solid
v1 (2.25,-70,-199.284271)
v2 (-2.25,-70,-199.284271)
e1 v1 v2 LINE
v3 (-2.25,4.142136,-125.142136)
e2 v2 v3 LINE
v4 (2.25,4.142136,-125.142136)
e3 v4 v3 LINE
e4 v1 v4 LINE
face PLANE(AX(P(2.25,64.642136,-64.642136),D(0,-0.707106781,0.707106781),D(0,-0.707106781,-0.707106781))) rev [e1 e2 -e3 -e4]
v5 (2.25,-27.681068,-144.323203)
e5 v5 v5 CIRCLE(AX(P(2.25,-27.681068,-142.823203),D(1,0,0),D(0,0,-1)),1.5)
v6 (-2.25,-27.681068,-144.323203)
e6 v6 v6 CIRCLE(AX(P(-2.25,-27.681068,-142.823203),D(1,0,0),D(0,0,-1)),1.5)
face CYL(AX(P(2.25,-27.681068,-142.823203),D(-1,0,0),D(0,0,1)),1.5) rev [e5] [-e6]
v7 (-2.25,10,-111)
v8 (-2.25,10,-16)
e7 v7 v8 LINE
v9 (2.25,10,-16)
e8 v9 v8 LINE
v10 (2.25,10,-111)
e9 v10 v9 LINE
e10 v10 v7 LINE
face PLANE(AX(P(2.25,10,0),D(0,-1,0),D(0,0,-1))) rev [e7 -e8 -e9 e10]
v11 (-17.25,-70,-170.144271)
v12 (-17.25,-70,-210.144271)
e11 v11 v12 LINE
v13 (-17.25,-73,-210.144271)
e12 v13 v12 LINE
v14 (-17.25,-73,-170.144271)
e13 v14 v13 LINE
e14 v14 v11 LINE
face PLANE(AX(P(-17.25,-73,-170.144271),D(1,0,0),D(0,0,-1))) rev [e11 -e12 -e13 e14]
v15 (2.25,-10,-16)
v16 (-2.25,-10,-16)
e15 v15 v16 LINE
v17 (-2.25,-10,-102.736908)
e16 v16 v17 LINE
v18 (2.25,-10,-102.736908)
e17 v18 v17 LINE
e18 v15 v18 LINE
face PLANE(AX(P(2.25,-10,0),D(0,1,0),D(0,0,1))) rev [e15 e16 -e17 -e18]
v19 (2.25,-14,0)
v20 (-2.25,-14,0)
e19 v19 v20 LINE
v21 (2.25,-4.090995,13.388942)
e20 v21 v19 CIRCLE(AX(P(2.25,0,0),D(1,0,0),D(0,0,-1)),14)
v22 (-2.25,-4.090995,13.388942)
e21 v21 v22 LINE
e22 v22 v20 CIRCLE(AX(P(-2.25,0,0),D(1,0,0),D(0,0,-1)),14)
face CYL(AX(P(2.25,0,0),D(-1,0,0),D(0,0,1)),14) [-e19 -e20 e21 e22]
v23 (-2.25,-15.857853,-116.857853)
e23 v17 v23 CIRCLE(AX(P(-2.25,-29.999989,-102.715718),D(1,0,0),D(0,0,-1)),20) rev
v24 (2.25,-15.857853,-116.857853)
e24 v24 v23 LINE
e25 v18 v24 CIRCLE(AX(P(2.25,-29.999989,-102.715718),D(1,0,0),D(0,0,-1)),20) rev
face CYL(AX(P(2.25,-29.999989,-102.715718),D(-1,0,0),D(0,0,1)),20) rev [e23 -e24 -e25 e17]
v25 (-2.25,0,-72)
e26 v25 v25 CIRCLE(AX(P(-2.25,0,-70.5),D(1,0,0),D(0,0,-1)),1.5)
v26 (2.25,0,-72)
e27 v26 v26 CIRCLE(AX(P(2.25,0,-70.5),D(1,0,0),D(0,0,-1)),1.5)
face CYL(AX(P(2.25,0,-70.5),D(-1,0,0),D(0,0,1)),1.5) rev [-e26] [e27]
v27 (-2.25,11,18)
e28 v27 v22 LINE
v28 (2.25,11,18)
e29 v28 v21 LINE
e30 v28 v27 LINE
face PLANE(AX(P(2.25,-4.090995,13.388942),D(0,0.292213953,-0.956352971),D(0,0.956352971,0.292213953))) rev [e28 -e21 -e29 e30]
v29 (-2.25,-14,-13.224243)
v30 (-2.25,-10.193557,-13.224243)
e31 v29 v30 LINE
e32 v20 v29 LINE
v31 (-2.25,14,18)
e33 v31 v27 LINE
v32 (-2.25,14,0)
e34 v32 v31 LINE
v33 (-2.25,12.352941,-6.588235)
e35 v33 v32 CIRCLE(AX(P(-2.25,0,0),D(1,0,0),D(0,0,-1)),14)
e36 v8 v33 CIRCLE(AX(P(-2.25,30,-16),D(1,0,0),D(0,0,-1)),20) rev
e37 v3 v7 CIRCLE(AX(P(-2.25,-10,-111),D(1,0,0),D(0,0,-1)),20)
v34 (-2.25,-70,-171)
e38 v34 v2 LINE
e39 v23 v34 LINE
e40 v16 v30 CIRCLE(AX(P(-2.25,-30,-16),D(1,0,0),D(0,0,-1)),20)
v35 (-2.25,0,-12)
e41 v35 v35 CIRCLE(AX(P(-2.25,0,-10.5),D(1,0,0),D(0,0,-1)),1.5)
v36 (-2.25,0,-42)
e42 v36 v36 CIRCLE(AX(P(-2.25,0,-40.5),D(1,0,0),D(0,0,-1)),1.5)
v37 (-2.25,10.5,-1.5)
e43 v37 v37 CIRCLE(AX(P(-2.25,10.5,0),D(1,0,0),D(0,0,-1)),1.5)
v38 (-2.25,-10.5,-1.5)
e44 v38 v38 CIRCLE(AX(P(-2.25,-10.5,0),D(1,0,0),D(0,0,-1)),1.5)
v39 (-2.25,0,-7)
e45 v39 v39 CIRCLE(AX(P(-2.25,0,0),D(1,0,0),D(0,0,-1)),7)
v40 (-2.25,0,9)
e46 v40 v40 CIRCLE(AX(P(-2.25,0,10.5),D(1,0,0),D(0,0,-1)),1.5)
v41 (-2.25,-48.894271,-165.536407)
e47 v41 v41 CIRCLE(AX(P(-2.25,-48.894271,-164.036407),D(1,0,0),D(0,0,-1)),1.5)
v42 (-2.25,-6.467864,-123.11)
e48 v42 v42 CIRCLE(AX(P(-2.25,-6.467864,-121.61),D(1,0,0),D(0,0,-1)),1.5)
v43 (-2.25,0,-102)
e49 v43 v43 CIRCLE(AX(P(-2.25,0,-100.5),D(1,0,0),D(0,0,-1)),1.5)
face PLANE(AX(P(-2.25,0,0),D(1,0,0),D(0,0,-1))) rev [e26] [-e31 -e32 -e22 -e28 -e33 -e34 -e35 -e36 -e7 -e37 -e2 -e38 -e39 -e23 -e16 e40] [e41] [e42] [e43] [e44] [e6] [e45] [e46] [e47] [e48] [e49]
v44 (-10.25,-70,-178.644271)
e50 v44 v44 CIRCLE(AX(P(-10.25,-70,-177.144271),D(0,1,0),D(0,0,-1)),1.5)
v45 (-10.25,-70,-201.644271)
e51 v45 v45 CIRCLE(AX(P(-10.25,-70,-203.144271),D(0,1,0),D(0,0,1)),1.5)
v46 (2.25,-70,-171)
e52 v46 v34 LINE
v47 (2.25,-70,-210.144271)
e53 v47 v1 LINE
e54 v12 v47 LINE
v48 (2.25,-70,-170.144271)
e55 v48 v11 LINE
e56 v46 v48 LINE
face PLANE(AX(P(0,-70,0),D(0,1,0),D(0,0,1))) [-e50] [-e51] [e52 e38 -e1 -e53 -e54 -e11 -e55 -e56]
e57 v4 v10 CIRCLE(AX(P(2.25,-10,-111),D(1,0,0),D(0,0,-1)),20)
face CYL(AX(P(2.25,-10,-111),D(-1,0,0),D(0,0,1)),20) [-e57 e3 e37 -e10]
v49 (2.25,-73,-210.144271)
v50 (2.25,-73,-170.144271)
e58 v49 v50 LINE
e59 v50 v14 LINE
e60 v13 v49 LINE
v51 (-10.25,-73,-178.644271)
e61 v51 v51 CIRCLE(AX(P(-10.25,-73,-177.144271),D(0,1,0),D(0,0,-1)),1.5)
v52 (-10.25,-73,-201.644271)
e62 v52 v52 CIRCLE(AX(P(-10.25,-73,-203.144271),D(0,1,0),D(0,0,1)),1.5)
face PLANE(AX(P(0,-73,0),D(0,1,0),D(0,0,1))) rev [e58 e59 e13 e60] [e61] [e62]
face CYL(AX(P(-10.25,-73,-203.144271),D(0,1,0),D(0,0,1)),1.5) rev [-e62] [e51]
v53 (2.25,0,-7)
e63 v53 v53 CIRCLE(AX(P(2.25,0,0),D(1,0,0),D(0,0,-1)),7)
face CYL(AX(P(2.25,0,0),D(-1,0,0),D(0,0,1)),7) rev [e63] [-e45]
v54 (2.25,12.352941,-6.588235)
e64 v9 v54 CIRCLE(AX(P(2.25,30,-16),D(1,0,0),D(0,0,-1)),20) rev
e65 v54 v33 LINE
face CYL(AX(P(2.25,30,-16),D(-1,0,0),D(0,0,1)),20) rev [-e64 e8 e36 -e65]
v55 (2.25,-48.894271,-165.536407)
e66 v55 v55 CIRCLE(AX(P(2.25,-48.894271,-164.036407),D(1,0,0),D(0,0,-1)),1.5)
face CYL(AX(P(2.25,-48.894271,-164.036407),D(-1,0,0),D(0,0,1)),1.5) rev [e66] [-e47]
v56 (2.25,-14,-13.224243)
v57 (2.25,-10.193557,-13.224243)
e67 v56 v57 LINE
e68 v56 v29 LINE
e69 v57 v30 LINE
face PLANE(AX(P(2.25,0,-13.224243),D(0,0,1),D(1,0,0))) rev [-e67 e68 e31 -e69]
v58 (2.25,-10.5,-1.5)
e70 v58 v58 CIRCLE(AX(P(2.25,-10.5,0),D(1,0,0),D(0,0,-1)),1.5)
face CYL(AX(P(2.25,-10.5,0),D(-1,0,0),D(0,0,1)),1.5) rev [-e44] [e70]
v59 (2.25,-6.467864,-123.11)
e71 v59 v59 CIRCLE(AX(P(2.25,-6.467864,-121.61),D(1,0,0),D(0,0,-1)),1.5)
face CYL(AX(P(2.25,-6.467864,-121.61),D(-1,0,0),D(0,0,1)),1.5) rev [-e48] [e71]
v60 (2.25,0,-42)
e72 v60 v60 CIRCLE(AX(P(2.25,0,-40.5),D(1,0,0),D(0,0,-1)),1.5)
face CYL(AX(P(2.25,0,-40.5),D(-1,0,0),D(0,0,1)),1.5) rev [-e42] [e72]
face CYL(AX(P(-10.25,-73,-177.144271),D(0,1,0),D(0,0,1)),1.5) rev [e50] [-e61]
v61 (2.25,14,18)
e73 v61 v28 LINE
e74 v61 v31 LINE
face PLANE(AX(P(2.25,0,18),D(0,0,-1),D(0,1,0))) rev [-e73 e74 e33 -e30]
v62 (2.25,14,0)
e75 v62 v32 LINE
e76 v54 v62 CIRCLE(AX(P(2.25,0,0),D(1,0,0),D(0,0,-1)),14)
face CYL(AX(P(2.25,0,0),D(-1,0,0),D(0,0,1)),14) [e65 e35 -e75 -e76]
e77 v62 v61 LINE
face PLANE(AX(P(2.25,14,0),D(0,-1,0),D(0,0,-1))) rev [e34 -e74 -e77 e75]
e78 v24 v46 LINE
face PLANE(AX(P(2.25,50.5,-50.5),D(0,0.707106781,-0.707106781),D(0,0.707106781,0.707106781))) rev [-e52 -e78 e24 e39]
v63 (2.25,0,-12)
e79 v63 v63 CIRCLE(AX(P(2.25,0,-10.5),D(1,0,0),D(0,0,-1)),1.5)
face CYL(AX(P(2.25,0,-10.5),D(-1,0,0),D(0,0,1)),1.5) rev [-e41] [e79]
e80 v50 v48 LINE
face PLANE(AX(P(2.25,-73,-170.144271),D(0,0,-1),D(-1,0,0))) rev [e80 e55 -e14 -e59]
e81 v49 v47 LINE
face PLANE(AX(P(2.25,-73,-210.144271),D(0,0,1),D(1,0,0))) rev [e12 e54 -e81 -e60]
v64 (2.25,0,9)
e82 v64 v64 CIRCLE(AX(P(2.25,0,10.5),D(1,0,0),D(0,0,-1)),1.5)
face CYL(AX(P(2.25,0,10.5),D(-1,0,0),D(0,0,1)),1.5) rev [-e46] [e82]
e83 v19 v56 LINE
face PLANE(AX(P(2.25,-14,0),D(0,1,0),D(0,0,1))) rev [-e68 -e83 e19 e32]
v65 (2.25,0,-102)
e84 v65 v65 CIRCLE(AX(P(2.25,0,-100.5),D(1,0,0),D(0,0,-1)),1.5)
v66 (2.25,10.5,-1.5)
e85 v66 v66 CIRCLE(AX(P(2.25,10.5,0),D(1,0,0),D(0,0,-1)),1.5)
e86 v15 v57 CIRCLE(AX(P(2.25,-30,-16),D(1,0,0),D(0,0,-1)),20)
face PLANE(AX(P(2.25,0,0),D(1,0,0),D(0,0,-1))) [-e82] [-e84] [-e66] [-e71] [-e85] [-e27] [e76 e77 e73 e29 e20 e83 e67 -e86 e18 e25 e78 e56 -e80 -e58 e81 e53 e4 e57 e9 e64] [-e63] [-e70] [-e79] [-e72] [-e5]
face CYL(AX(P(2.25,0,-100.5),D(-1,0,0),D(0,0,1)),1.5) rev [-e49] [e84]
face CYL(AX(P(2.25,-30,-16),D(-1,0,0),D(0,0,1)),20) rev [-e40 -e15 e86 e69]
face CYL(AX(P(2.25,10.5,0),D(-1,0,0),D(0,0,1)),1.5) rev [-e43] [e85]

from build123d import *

# Parameters (mm, degrees)
SKETCH_1_R          = 1.5
SKETCH_1_R_2        = 7
EXTRUDE_1_DEPTH     = 2.25
SKETCH_3_W          = 19.5
SKETCH_3_H          = 40
EXTRUDE_2_DEPTH     = 3
SKETCH_4_R          = 1.5
CUT_EXTRUDE_1_DEPTH = 227.967348396


with BuildPart() as part:
    # 草图1 → 凸台-拉伸1 (new, symmetric)
    with BuildSketch(Plane(origin=(0, 0, 0), x_dir=(0, 0, -1), z_dir=(1, 0, 0))):
        with BuildLine():
            ThreePointArc((102.736907967, -10), (110.379173808, -11.526455333), (116.85785315, -15.85785315))
            Line((116.85785315, -15.85785315), (171, -70))
            Line((171, -70), (199.284271247, -70))
            Line((199.284271247, -70), (125.142135624, 4.142135624))
            ThreePointArc((125.142135624, 4.142135624), (118.653668647, 8.47759065), (111, 10))
            Line((111, 10), (16, 10))
            ThreePointArc((16, 10), (11.149287499, 10.597149997), (6.588235294, 12.352941176))
            ThreePointArc((6.588235294, 12.352941176), (3.395498751, 13.581995002), (0, 14))
            Line((0, 14), (-18, 14))
            Line((-18, 14), (-18, 11))
            Line((-18, 11), (-13.388941598, -4.090995342))
            ThreePointArc((-13.388941598, -4.090995342), (-8.328447191, -11.253309175), (0, -14))
            Line((0, -14), (13.224243357, -14))
            Line((13.224243357, -14), (13.224243357, -10.193557234))
            ThreePointArc((13.224243357, -10.193557234), (14.608751519, -10.048447989), (16, -10))
            Line((16, -10), (102.736907967, -10))
        make_face()
        with Locations((164.036406871, -48.894271247)):
            Circle(SKETCH_1_R, mode=Mode.SUBTRACT)
        with Locations((142.823203436, -27.681067812)):
            Circle(SKETCH_1_R, mode=Mode.SUBTRACT)
        with Locations((0, -10.5)):
            Circle(SKETCH_1_R, mode=Mode.SUBTRACT)
        with Locations((-10.5, 0)):
            Circle(SKETCH_1_R, mode=Mode.SUBTRACT)
        Circle(SKETCH_1_R_2, mode=Mode.SUBTRACT)
        with Locations((10.5, 0)):
            Circle(SKETCH_1_R, mode=Mode.SUBTRACT)
        with Locations((0, 10.5)):
            Circle(SKETCH_1_R, mode=Mode.SUBTRACT)
        with Locations((40.5, 0)):
            Circle(SKETCH_1_R, mode=Mode.SUBTRACT)
        with Locations((70.5, 0)):
            Circle(SKETCH_1_R, mode=Mode.SUBTRACT)
        with Locations((121.61, -6.467864376)):
            Circle(SKETCH_1_R, mode=Mode.SUBTRACT)
        with Locations((100.5, 0)):
            Circle(SKETCH_1_R, mode=Mode.SUBTRACT)
    extrude(amount=EXTRUDE_1_DEPTH, both=True)

    # 草图3 → 凸台-拉伸2 (add)
    with BuildSketch(Plane.XZ.offset(70)):
        with Locations((-7.5, -190.144271247)):
            Rectangle(SKETCH_3_W, SKETCH_3_H)
    extrude(amount=EXTRUDE_2_DEPTH)

    # 草图4 → 切除-拉伸1 (cut, through all)
    with BuildSketch(Plane(origin=(0, -70, 0), x_dir=(1, 0, 0), z_dir=(0, 1, 0))):
        with Locations(Location((-10.25, 203.144271247, 0), (0, 0, 270))):
            Circle(SKETCH_4_R)
        with Locations(Location((-10.25, 177.144271247, 0), (0, 0, 90))):
            Circle(SKETCH_4_R)
    extrude(amount=-CUT_EXTRUDE_1_DEPTH, mode=Mode.SUBTRACT)


solid = part.part
